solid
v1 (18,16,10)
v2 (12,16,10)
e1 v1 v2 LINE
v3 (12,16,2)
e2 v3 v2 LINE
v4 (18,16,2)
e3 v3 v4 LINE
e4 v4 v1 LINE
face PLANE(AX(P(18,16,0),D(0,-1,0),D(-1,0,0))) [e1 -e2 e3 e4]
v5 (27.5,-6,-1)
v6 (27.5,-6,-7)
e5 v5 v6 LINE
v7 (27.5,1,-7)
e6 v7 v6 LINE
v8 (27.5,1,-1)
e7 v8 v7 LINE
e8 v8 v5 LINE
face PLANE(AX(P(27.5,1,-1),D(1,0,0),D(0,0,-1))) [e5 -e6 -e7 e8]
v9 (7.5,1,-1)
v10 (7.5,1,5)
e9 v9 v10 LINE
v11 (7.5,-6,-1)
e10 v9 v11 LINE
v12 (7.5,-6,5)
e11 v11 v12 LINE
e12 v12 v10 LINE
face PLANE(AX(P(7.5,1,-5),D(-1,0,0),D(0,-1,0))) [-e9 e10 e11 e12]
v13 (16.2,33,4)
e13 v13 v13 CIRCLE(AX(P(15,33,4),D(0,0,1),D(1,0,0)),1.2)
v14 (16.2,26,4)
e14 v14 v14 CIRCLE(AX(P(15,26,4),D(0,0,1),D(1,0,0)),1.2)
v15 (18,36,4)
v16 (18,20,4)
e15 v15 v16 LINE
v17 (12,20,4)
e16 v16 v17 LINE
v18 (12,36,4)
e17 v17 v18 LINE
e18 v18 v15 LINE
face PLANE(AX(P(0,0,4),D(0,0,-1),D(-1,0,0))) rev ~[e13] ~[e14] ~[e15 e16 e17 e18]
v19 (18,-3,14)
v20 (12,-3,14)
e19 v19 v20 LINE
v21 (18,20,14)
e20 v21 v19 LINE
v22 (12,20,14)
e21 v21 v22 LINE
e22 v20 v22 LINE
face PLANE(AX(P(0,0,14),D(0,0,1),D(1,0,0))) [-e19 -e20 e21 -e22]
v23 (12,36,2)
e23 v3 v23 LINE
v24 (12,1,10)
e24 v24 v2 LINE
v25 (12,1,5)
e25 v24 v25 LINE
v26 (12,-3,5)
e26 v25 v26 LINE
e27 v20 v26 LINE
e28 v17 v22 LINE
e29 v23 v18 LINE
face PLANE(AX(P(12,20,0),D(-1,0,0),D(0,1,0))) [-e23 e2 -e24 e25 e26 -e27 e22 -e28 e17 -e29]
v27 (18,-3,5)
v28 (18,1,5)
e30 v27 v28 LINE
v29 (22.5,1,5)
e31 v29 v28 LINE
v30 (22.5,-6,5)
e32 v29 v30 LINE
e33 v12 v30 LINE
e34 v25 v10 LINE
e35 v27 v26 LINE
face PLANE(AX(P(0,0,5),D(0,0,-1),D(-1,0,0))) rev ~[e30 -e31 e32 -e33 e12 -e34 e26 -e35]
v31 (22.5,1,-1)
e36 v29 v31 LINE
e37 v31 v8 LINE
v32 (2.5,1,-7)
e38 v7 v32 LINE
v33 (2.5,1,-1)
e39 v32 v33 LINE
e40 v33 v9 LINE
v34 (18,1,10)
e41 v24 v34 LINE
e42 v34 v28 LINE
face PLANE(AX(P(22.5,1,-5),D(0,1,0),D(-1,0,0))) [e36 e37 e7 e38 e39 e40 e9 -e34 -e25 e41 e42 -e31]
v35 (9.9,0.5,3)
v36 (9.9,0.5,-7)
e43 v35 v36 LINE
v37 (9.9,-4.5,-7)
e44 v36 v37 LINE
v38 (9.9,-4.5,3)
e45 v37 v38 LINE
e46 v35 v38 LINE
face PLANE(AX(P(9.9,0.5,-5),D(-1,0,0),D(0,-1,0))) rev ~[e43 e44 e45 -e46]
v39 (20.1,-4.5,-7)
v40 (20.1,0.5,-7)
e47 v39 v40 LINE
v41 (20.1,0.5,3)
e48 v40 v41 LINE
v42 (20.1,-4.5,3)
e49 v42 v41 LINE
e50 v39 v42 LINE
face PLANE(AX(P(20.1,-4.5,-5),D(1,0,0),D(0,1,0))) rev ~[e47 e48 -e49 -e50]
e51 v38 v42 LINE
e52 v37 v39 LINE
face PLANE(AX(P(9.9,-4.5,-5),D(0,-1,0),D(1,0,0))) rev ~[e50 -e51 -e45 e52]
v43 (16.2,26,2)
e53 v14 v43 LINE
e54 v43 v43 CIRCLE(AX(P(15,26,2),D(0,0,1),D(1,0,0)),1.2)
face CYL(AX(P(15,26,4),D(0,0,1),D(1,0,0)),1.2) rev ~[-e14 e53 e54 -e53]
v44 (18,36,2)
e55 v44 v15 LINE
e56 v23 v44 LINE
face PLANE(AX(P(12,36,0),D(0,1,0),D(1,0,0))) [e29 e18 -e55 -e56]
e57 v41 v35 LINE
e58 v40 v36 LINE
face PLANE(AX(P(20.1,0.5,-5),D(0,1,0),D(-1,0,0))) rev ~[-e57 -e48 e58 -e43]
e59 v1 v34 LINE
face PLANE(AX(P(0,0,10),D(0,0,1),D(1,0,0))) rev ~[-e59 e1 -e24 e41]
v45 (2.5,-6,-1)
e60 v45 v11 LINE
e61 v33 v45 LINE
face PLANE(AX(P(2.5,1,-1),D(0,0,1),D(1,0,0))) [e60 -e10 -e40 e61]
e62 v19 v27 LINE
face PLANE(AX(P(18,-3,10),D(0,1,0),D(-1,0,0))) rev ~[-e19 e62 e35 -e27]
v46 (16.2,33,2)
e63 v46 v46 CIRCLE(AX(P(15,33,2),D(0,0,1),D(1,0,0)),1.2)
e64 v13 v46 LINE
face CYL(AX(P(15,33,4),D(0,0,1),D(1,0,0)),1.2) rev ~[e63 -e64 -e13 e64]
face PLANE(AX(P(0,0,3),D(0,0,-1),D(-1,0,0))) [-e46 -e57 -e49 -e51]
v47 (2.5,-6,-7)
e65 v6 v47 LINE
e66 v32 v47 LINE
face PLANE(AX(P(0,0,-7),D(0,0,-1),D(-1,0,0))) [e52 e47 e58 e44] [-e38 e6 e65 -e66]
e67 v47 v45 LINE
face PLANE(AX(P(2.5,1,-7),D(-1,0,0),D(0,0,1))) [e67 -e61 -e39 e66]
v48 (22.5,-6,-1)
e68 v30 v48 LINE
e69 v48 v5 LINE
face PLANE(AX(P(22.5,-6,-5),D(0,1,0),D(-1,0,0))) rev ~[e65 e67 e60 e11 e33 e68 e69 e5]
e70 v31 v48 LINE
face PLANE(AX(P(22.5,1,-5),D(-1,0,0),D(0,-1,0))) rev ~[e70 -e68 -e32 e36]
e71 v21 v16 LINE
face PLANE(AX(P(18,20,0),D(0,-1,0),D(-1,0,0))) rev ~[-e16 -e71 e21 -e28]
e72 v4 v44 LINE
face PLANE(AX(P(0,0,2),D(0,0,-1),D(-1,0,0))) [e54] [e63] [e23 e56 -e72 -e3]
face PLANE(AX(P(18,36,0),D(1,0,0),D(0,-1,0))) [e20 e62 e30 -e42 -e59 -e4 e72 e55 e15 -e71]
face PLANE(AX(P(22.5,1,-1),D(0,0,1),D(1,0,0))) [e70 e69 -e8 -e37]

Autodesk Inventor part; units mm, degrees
ref_plane "YZ Plane" through (0, 0, 0) normal (1, 0, 0) x (0, 1, 0)
ref_plane "XZ Plane" through (0, 0, 0) normal (0, 1, 0) x (-1, 0, 0)
ref_plane "XY Plane" through (0, 0, 0) normal (0, 0, 1) x (1, 0, 0)
sketch "스케치1" plane through (0, 0, 0) normal (0, 0, 1) x (1, 0, 0)
  line L0 (0, 0) -> (30, 0)
  line L1 (30, 0) -> (30, 20)
  line L2 (30, 20) -> (0, 20)
  line L3 (0, 20) -> (0, 0)
  line L4 (0, 20) -> (30, 20)
  line L5 (30, 20) -> (30, 17)
  line L6 (0, 17) -> (0, 20)
  line L7 (12, 20) -> (18, 20)
  line L8 (18, 20) -> (18, 16)
  line L9 (18, 16) -> (12, 16)
  line L10 (12, 16) -> (12, 20)
  point P0 (15, 20)
  point P1 (15, 20)
  dimension "d0" = 20
  dimension "d1" = 30
  dimension "d2" = 3
  dimension "d3" = 6
  dimension "d4" = 4
extrude "돌출1" add sketch "스케치1" along normal blind 10 contours L2 L8 L9 L10
sketch "스케치2" plane through (0, 0, 10) normal (0, 0, 1) x (1, 0, 0)
  line L0 (18, 20) -> (12, 20) projected
  line L1 (12, 20) -> (18, 20)
  line L2 (18, 20) -> (18, -3)
  line L3 (18, -3) -> (12, -3)
  line L4 (12, -3) -> (12, 20)
  point P0 (0, 0)
  dimension "d23" = 23
extrude "돌출2" add sketch "스케치2" along normal blind 4
sketch "스케치3" plane through (0, 0, 10) normal (0, 0, -1) x (-1, 0, 0)
  line L0 (-18, -3) -> (-18, 16) projected
  line L1 (-12, 16) -> (-12, -3) projected
  line L2 (-18, -3) -> (-12, -3)
  line L3 (-12, -3) -> (-12, 1)
  line L4 (-12, 1) -> (-18, 1)
  line L5 (-18, 1) -> (-18, -3)
  point P0 (0, 0)
  dimension "d9" = 4
extrude "돌출3" add sketch "스케치3" along normal blind 15
sketch "스케치6" plane through (0, 0, 0) normal (0, 0, -1) x (-1, 0, 0)
  line L0 (-18, 16) -> (-18, 20) projected
  line L1 (-12, 16) -> (-18, 16) projected
  line L2 (-12, 20) -> (-12, 16) projected
  line L3 (-18, 20) -> (-12, 20) projected
  line L4 (-18, 16) -> (-18, 20) projected
  line L5 (-18, 16) -> (-12, 16)
  line L6 (-12, 16) -> (-12, 36)
  line L7 (-12, 36) -> (-18, 36)
  line L8 (-18, 36) -> (-18, 16)
  point P0 (0, 0)
  dimension "d20" = 20
extrude "돌출6" add sketch "스케치6" against normal blind 4 contours L8 L7 L6 L3
sketch "스케치7" plane through (12, 1, 10) normal (0, 1, 0) x (1, 0, 0)
  line L0 (6, 0) -> (0, 0) projected
  line L1 (6, 0) -> (6, 15) projected
  line L2 (0, 15) -> (6, 15) projected
  line L3 (0, 0) -> (0, 15) projected
  line L4 (-4.5, 15) -> (10.5, 15)
  line L5 (10.5, 15) -> (10.5, 10)
  line L6 (10.5, 10) -> (-4.5, 10)
  line L7 (-4.5, 10) -> (-4.5, 15)
  point P0 (-12, 10)
  point P1 (3, 15)
  point P2 (3, 15)
  point P3 (6, 15)
  point P4 (6, 10)
  point P5 (0, 10)
  dimension "d27" = 15
extrude "돌출7" add sketch "스케치7" against normal blind 4 contours L1 L4 L5 L6 | L6 L7 L4 L3
sketch "스케치8" plane through (0, 0, -5) normal (0, 0, -1) x (-1, 0, 0)
  line L0 (-22.5, 1) -> (-7.5, 1) projected
  line L1 (-22.5, 1) -> (-22.5, -3) projected
  line L2 (-7.5, -3) -> (-22.5, -3) projected
  line L3 (-7.5, 1) -> (-7.5, -3) projected
  line L4 (-22.5, 1) -> (-7.5, 1)
  line L5 (-7.5, 1) -> (-7.5, -6)
  line L6 (-7.5, -6) -> (-22.5, -6)
  line L7 (-22.5, -6) -> (-22.5, 1)
  point P0 (0, 0)
  dimension "d28" = 7
extrude "돌출8" add sketch "스케치8" against normal blind 10
sketch "스케치9" plane through (0, 0, -5) normal (0, 0, -1) x (-1, 0, 0)
  line L0 (-20.1, 0.5) -> (-9.9, 0.5)
  line L1 (-9.9, 0.5) -> (-9.9, -4.5)
  line L2 (-9.9, -4.5) -> (-20.1, -4.5)
  line L3 (-20.1, -4.5) -> (-20.1, 0.5)
  line L4 (-22.5, 1) -> (-7.5, 1) projected
  line L5 (-22.5, 1) -> (-22.5, -6) projected
  point P0 (0, 0)
  point P1 (-15, 1)
  point P2 (-15, 0.5)
  dimension "d31" = 10.2
  dimension "d32" = 5
  dimension "d33" = 0.5
extrude "돌출9" cut sketch "스케치9" against normal blind 8
sketch "스케치10" plane through (0, 0, -5) normal (0, 0, -1) x (-1, 0, 0)
  line L0 (-9.9, 0.5) -> (-9.9, -4.5) projected
  line L1 (-9.9, -4.5) -> (-20.1, -4.5) projected
  line L2 (-20.1, -4.5) -> (-20.1, 0.5) projected
  line L3 (-20.1, 0.5) -> (-9.9, 0.5) projected
  line L4 (-22.5, 1) -> (-7.5, 1) projected
  line L5 (-22.5, 1) -> (-22.5, -6) projected
  line L6 (-22.5, -6) -> (-7.5, -6) projected
  line L7 (-7.5, 1) -> (-7.5, -6) projected
  point P0 (0, 0)
extrude "돌출10" add sketch "스케치10" along normal blind 2
sketch "스케치11" plane through (12, 1, 10) normal (0, 1, 0) x (1, 0, 0)
  line L0 (0, 0) -> (0, 5) projected
  line L1 (6, 0) -> (0, 0) projected
  line L2 (6, 0) -> (6, 5) projected
  line L3 (10.5, 5) -> (6, 5) projected
  line L4 (10.5, 5) -> (10.5, 17) projected
  line L5 (-4.5, 17) -> (10.5, 17) projected
  line L6 (-4.5, 17) -> (-4.5, 5) projected
  line L7 (0, 5) -> (-4.5, 5) projected
  line L8 (-9.5, 11) -> (15.5, 11)
  line L9 (15.5, 11) -> (15.5, 17)
  line L10 (15.5, 17) -> (-9.5, 17)
  line L11 (-9.5, 17) -> (-9.5, 11)
  line L12 (0, 5) -> (6, 5) projected
  point P0 (-12, 10)
  point P1 (3, 11)
  point P2 (3, 5)
  point P3 (10.5, 17)
  point P4 (10.5, 11)
  point P5 (-4.5, 11)
  dimension "d39" = 25
  dimension "d40" = 6
extrude "돌출11" add sketch "스케치11" against normal blind 7 contours L8 L11 L10 L6 | L4 L10 L9 L8
sketch "스케치12" plane through (0, 0, 0) normal (0, 0, -1) x (-1, 0, 0)
  line L0 (-12, 16) -> (-12, 36) projected
  line L1 (-18, 16) -> (-18, 36) projected
  line L2 (-12, 16) -> (-18, 16) projected
  line L3 (-12, 16) -> (-12, 36) projected
  line L4 (-12, 36) -> (-18, 36) projected
  point P0 (0, 0)
extrude "돌출12" cut sketch "스케치12" against normal blind 2
sketch "스케치13" plane through (0, 0, 4) normal (0, 0, 1) x (1, 0, 0)
  line L0 (18, 20) -> (18, 36) projected
  line L1 (18, 36) -> (12, 36) projected
  line L2 (12, 36) -> (12, 20) projected
  line L3 (18, 20) -> (12, 20) projected
  circle A0 centre (15, 33) radius 1.2
  circle A1 centre (15, 26) radius 1.2
  point P0 (0, 0)
  point P1 (15, 36)
  dimension "d45" = 2.4
  dimension "d48" = 3
  dimension "d51" = 7
extrude "돌출13" cut sketch "스케치13" against normal blind 2 contours A0 | A1
sketch "스케치16" plane through (0, 0, 2) normal (0, 0, -1) x (-1, 0, 0)
  circle A0 centre (-15, 19) radius 2.3
  line L0 (-12, 16) -> (-18, 16) projected
  point P0 (0, 0)
  point P1 (-15, 16)
  dimension "d59" = 4.6
  dimension "d60" = 3
properties part number "final522"
